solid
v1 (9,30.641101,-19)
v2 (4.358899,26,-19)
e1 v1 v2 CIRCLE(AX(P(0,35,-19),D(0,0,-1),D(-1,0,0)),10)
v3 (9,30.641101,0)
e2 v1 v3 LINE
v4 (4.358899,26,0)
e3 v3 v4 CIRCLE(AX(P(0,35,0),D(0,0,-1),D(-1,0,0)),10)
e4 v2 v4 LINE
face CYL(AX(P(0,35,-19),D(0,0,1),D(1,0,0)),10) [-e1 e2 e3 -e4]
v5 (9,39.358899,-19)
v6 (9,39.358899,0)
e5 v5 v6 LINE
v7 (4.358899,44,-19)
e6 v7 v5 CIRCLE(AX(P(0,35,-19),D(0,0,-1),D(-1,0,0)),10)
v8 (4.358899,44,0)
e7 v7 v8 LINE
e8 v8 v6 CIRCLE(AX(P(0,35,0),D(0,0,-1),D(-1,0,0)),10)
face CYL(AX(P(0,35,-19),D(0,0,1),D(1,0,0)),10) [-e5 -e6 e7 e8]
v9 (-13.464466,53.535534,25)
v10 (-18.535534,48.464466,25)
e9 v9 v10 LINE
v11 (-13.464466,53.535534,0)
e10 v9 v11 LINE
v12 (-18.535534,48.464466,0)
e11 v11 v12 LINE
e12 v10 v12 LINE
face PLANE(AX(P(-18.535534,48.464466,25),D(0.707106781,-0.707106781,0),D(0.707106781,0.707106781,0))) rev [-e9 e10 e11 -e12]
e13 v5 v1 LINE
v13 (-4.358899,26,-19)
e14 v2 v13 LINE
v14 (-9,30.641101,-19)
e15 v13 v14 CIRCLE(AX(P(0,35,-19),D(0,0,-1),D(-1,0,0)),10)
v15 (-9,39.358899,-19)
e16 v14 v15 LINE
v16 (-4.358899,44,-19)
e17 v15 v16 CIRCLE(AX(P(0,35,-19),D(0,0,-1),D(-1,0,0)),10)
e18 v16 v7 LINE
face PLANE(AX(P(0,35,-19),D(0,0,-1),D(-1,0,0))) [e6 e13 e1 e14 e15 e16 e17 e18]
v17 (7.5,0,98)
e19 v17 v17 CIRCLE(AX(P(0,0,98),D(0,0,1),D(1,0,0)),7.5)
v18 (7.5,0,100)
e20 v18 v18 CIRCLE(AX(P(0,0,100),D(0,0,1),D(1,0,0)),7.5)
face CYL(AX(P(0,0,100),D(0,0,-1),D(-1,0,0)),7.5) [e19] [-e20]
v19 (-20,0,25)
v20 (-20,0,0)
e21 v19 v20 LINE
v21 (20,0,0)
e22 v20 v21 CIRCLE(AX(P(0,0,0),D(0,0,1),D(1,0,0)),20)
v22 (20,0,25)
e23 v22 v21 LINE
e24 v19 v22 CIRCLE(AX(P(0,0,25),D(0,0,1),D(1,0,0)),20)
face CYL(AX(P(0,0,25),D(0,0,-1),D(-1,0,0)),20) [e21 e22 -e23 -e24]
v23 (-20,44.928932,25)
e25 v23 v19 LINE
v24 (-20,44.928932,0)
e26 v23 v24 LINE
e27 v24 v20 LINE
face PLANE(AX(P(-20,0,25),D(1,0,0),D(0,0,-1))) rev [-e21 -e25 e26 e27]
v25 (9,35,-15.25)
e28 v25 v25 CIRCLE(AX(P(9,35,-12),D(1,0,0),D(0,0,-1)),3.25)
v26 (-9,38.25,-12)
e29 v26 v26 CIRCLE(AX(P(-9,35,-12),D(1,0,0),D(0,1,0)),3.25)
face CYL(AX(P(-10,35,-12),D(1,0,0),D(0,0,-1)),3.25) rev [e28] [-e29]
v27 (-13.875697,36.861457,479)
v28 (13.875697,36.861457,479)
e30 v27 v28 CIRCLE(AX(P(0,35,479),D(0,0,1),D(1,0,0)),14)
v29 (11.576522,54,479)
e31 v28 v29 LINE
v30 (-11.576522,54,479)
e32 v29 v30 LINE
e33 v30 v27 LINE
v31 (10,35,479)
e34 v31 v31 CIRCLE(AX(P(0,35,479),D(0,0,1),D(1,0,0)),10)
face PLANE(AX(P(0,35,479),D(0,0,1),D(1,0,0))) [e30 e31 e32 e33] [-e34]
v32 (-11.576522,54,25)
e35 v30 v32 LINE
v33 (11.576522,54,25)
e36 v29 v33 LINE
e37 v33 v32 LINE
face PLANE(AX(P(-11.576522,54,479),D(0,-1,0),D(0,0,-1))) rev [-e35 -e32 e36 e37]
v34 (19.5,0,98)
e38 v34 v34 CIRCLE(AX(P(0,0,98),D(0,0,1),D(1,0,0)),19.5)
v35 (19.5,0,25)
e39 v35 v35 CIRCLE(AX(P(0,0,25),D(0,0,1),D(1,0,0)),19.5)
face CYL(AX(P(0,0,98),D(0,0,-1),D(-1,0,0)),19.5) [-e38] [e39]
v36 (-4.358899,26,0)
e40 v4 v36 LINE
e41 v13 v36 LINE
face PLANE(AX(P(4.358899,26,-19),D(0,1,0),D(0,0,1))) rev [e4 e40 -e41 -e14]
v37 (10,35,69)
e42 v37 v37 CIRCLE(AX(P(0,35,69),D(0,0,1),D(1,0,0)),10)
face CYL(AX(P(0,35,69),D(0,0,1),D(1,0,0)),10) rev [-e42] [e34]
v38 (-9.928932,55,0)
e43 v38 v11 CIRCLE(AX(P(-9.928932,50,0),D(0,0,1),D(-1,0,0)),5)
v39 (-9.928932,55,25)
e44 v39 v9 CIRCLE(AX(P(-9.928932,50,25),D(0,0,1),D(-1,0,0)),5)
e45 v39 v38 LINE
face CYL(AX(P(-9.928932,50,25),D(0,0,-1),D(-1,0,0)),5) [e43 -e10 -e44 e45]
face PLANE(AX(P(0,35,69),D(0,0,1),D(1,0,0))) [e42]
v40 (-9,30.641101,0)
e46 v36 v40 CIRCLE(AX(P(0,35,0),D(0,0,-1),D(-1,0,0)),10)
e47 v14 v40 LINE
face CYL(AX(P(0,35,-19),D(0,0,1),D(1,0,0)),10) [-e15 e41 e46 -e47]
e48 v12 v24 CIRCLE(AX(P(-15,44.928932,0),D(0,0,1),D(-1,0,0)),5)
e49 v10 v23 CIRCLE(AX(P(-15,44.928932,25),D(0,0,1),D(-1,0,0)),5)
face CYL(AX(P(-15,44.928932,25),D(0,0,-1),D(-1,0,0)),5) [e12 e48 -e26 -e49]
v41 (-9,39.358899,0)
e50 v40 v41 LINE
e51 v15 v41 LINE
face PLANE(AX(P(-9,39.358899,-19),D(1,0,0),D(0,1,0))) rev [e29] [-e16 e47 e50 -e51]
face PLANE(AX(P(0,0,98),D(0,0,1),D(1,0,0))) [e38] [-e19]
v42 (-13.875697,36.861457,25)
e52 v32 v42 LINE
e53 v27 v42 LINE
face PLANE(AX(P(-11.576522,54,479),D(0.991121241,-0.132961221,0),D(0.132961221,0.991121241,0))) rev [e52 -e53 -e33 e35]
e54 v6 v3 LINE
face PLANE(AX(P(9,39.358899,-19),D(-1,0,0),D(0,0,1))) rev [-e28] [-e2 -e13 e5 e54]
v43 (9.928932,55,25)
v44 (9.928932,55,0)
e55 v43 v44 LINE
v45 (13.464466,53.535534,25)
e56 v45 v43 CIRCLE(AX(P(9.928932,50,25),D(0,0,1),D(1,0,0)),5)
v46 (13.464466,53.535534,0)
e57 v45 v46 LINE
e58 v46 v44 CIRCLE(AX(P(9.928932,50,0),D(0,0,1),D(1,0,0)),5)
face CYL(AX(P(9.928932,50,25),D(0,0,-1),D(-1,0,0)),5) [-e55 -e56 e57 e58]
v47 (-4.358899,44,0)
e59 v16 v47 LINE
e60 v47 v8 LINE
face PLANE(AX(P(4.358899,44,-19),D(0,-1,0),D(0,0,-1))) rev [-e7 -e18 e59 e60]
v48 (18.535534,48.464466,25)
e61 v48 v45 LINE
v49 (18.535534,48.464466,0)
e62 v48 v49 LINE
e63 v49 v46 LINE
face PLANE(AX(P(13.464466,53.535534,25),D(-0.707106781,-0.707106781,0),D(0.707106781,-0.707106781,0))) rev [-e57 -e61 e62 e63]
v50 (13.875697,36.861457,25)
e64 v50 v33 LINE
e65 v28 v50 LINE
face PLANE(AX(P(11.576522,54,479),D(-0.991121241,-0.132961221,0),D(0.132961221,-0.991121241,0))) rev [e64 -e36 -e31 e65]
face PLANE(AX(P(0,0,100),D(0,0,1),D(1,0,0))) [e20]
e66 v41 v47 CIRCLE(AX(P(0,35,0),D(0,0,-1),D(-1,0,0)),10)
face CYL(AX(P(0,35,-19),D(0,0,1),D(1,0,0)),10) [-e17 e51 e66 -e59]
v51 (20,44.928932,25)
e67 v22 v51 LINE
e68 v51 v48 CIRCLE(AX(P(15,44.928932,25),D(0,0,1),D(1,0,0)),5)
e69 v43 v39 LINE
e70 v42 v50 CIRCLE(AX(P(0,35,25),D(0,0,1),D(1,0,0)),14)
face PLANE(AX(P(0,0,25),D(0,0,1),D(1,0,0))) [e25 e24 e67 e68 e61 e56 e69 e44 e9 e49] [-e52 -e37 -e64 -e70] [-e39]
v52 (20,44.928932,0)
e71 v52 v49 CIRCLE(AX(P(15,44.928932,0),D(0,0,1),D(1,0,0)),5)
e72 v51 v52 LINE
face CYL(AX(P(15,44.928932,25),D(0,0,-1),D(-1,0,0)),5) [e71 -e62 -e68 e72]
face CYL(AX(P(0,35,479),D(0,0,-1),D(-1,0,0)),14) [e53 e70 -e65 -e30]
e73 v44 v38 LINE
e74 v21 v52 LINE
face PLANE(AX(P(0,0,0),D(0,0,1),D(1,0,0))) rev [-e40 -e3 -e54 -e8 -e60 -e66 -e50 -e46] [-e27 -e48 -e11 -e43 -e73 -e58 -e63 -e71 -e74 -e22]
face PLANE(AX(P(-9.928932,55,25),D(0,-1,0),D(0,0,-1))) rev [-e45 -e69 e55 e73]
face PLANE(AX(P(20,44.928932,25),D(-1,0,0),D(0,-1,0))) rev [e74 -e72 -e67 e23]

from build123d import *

# Parameters (mm, degrees)
EXTRUDE_1_DEPTH     = 25
SKETCH_2_R          = 19.5
EXTRUDE_2_DEPTH     = 73
SKETCH_3_R          = 7.5
EXTRUDE_3_DEPTH     = 2
EXTRUDE_4_DEPTH     = 454
SKETCH_5_R          = 10
CUT_EXTRUDE_1_DEPTH = 410
EXTRUDE_5_DEPTH     = 19
SKETCH_7_R          = 3.25
CUT_EXTRUDE_2_DEPTH = 19


with BuildPart() as part:
    # 草图1 → 凸台-拉伸1 (new body)
    with BuildSketch(Plane.XY):
        with BuildLine():
            Line((-20, 0), (-20, 44.928932188))
            ThreePointArc((-20, 44.928932188), (-19.619397663, 46.84234935), (-18.535533906, 48.464466094))
            Line((-18.535533906, 48.464466094), (-13.464466094, 53.535533906))
            ThreePointArc((-13.464466094, 53.535533906), (-11.84234935, 54.619397663), (-9.928932188, 55))
            Line((-9.928932188, 55), (9.928932188, 55))
            ThreePointArc((9.928932188, 55), (11.84234935, 54.619397663), (13.464466094, 53.535533906))
            Line((13.464466094, 53.535533906), (18.535533906, 48.464466094))
            ThreePointArc((18.535533906, 48.464466094), (19.619397663, 46.84234935), (20, 44.928932188))
            Line((20, 44.928932188), (20, 0))
            ThreePointArc((20, 0), (0, -20), (-20, 0))
        make_face()
    extrude(amount=EXTRUDE_1_DEPTH)

    # 草图2 → 凸台-拉伸2 (add)
    with BuildSketch(Plane.XY.offset(25)):
        Circle(SKETCH_2_R)
    extrude(amount=EXTRUDE_2_DEPTH)

    # 草图3 → 凸台-拉伸3 (add)
    with BuildSketch(Plane.XY.offset(98)):
        Circle(SKETCH_3_R)
    extrude(amount=EXTRUDE_3_DEPTH)

    # 草图4 → 凸台-拉伸4 (add)
    with BuildSketch(Plane.XY.offset(25)):
        with BuildLine():
            Line((-11.576521962, 54), (-13.87569737, 36.861457087))
            ThreePointArc((-13.87569737, 36.861457087), (0, 21), (13.87569737, 36.861457087))
            Line((13.87569737, 36.861457087), (11.576521962, 54))
            Line((11.576521962, 54), (-11.576521962, 54))
        make_face()
    extrude(amount=EXTRUDE_4_DEPTH)

    # 草图5 → 切除-拉伸1 (cut)
    with BuildSketch(Plane.XY.offset(479)):
        with Locations((0, 35)):
            Circle(SKETCH_5_R)
    extrude(amount=-CUT_EXTRUDE_1_DEPTH, mode=Mode.SUBTRACT)

    # 草图6 → 凸台-拉伸5 (add)
    with BuildSketch(Plane(origin=(0, 0, 0), x_dir=(-1, 0, 0), z_dir=(0, 0, -1))):
        with BuildLine():
            Line((-4.358898944, 44), (4.358898944, 44))
            ThreePointArc((4.358898944, 44), (7.071067812, 42.071067812), (9, 39.358898944))
            Line((9, 39.358898944), (9, 30.641101056))
            ThreePointArc((9, 30.641101056), (7.071067812, 27.928932188), (4.358898944, 26))
            Line((4.358898944, 26), (-4.358898944, 26))
            ThreePointArc((-4.358898944, 26), (-7.071067812, 27.928932188), (-9, 30.641101056))
            Line((-9, 30.641101056), (-9, 39.358898944))
            ThreePointArc((-9, 39.358898944), (-7.071067812, 42.071067812), (-4.358898944, 44))
        make_face()
    extrude(amount=EXTRUDE_5_DEPTH)

    # 草图7 → 切除-拉伸2 (cut)
    with BuildSketch(Plane(origin=(9, 0, 0), x_dir=(0, 0, -1), z_dir=(1, 0, 0))):
        with Locations((12, 35)):
            Circle(SKETCH_7_R)
    extrude(amount=-CUT_EXTRUDE_2_DEPTH, mode=Mode.SUBTRACT)


solid = part.part
